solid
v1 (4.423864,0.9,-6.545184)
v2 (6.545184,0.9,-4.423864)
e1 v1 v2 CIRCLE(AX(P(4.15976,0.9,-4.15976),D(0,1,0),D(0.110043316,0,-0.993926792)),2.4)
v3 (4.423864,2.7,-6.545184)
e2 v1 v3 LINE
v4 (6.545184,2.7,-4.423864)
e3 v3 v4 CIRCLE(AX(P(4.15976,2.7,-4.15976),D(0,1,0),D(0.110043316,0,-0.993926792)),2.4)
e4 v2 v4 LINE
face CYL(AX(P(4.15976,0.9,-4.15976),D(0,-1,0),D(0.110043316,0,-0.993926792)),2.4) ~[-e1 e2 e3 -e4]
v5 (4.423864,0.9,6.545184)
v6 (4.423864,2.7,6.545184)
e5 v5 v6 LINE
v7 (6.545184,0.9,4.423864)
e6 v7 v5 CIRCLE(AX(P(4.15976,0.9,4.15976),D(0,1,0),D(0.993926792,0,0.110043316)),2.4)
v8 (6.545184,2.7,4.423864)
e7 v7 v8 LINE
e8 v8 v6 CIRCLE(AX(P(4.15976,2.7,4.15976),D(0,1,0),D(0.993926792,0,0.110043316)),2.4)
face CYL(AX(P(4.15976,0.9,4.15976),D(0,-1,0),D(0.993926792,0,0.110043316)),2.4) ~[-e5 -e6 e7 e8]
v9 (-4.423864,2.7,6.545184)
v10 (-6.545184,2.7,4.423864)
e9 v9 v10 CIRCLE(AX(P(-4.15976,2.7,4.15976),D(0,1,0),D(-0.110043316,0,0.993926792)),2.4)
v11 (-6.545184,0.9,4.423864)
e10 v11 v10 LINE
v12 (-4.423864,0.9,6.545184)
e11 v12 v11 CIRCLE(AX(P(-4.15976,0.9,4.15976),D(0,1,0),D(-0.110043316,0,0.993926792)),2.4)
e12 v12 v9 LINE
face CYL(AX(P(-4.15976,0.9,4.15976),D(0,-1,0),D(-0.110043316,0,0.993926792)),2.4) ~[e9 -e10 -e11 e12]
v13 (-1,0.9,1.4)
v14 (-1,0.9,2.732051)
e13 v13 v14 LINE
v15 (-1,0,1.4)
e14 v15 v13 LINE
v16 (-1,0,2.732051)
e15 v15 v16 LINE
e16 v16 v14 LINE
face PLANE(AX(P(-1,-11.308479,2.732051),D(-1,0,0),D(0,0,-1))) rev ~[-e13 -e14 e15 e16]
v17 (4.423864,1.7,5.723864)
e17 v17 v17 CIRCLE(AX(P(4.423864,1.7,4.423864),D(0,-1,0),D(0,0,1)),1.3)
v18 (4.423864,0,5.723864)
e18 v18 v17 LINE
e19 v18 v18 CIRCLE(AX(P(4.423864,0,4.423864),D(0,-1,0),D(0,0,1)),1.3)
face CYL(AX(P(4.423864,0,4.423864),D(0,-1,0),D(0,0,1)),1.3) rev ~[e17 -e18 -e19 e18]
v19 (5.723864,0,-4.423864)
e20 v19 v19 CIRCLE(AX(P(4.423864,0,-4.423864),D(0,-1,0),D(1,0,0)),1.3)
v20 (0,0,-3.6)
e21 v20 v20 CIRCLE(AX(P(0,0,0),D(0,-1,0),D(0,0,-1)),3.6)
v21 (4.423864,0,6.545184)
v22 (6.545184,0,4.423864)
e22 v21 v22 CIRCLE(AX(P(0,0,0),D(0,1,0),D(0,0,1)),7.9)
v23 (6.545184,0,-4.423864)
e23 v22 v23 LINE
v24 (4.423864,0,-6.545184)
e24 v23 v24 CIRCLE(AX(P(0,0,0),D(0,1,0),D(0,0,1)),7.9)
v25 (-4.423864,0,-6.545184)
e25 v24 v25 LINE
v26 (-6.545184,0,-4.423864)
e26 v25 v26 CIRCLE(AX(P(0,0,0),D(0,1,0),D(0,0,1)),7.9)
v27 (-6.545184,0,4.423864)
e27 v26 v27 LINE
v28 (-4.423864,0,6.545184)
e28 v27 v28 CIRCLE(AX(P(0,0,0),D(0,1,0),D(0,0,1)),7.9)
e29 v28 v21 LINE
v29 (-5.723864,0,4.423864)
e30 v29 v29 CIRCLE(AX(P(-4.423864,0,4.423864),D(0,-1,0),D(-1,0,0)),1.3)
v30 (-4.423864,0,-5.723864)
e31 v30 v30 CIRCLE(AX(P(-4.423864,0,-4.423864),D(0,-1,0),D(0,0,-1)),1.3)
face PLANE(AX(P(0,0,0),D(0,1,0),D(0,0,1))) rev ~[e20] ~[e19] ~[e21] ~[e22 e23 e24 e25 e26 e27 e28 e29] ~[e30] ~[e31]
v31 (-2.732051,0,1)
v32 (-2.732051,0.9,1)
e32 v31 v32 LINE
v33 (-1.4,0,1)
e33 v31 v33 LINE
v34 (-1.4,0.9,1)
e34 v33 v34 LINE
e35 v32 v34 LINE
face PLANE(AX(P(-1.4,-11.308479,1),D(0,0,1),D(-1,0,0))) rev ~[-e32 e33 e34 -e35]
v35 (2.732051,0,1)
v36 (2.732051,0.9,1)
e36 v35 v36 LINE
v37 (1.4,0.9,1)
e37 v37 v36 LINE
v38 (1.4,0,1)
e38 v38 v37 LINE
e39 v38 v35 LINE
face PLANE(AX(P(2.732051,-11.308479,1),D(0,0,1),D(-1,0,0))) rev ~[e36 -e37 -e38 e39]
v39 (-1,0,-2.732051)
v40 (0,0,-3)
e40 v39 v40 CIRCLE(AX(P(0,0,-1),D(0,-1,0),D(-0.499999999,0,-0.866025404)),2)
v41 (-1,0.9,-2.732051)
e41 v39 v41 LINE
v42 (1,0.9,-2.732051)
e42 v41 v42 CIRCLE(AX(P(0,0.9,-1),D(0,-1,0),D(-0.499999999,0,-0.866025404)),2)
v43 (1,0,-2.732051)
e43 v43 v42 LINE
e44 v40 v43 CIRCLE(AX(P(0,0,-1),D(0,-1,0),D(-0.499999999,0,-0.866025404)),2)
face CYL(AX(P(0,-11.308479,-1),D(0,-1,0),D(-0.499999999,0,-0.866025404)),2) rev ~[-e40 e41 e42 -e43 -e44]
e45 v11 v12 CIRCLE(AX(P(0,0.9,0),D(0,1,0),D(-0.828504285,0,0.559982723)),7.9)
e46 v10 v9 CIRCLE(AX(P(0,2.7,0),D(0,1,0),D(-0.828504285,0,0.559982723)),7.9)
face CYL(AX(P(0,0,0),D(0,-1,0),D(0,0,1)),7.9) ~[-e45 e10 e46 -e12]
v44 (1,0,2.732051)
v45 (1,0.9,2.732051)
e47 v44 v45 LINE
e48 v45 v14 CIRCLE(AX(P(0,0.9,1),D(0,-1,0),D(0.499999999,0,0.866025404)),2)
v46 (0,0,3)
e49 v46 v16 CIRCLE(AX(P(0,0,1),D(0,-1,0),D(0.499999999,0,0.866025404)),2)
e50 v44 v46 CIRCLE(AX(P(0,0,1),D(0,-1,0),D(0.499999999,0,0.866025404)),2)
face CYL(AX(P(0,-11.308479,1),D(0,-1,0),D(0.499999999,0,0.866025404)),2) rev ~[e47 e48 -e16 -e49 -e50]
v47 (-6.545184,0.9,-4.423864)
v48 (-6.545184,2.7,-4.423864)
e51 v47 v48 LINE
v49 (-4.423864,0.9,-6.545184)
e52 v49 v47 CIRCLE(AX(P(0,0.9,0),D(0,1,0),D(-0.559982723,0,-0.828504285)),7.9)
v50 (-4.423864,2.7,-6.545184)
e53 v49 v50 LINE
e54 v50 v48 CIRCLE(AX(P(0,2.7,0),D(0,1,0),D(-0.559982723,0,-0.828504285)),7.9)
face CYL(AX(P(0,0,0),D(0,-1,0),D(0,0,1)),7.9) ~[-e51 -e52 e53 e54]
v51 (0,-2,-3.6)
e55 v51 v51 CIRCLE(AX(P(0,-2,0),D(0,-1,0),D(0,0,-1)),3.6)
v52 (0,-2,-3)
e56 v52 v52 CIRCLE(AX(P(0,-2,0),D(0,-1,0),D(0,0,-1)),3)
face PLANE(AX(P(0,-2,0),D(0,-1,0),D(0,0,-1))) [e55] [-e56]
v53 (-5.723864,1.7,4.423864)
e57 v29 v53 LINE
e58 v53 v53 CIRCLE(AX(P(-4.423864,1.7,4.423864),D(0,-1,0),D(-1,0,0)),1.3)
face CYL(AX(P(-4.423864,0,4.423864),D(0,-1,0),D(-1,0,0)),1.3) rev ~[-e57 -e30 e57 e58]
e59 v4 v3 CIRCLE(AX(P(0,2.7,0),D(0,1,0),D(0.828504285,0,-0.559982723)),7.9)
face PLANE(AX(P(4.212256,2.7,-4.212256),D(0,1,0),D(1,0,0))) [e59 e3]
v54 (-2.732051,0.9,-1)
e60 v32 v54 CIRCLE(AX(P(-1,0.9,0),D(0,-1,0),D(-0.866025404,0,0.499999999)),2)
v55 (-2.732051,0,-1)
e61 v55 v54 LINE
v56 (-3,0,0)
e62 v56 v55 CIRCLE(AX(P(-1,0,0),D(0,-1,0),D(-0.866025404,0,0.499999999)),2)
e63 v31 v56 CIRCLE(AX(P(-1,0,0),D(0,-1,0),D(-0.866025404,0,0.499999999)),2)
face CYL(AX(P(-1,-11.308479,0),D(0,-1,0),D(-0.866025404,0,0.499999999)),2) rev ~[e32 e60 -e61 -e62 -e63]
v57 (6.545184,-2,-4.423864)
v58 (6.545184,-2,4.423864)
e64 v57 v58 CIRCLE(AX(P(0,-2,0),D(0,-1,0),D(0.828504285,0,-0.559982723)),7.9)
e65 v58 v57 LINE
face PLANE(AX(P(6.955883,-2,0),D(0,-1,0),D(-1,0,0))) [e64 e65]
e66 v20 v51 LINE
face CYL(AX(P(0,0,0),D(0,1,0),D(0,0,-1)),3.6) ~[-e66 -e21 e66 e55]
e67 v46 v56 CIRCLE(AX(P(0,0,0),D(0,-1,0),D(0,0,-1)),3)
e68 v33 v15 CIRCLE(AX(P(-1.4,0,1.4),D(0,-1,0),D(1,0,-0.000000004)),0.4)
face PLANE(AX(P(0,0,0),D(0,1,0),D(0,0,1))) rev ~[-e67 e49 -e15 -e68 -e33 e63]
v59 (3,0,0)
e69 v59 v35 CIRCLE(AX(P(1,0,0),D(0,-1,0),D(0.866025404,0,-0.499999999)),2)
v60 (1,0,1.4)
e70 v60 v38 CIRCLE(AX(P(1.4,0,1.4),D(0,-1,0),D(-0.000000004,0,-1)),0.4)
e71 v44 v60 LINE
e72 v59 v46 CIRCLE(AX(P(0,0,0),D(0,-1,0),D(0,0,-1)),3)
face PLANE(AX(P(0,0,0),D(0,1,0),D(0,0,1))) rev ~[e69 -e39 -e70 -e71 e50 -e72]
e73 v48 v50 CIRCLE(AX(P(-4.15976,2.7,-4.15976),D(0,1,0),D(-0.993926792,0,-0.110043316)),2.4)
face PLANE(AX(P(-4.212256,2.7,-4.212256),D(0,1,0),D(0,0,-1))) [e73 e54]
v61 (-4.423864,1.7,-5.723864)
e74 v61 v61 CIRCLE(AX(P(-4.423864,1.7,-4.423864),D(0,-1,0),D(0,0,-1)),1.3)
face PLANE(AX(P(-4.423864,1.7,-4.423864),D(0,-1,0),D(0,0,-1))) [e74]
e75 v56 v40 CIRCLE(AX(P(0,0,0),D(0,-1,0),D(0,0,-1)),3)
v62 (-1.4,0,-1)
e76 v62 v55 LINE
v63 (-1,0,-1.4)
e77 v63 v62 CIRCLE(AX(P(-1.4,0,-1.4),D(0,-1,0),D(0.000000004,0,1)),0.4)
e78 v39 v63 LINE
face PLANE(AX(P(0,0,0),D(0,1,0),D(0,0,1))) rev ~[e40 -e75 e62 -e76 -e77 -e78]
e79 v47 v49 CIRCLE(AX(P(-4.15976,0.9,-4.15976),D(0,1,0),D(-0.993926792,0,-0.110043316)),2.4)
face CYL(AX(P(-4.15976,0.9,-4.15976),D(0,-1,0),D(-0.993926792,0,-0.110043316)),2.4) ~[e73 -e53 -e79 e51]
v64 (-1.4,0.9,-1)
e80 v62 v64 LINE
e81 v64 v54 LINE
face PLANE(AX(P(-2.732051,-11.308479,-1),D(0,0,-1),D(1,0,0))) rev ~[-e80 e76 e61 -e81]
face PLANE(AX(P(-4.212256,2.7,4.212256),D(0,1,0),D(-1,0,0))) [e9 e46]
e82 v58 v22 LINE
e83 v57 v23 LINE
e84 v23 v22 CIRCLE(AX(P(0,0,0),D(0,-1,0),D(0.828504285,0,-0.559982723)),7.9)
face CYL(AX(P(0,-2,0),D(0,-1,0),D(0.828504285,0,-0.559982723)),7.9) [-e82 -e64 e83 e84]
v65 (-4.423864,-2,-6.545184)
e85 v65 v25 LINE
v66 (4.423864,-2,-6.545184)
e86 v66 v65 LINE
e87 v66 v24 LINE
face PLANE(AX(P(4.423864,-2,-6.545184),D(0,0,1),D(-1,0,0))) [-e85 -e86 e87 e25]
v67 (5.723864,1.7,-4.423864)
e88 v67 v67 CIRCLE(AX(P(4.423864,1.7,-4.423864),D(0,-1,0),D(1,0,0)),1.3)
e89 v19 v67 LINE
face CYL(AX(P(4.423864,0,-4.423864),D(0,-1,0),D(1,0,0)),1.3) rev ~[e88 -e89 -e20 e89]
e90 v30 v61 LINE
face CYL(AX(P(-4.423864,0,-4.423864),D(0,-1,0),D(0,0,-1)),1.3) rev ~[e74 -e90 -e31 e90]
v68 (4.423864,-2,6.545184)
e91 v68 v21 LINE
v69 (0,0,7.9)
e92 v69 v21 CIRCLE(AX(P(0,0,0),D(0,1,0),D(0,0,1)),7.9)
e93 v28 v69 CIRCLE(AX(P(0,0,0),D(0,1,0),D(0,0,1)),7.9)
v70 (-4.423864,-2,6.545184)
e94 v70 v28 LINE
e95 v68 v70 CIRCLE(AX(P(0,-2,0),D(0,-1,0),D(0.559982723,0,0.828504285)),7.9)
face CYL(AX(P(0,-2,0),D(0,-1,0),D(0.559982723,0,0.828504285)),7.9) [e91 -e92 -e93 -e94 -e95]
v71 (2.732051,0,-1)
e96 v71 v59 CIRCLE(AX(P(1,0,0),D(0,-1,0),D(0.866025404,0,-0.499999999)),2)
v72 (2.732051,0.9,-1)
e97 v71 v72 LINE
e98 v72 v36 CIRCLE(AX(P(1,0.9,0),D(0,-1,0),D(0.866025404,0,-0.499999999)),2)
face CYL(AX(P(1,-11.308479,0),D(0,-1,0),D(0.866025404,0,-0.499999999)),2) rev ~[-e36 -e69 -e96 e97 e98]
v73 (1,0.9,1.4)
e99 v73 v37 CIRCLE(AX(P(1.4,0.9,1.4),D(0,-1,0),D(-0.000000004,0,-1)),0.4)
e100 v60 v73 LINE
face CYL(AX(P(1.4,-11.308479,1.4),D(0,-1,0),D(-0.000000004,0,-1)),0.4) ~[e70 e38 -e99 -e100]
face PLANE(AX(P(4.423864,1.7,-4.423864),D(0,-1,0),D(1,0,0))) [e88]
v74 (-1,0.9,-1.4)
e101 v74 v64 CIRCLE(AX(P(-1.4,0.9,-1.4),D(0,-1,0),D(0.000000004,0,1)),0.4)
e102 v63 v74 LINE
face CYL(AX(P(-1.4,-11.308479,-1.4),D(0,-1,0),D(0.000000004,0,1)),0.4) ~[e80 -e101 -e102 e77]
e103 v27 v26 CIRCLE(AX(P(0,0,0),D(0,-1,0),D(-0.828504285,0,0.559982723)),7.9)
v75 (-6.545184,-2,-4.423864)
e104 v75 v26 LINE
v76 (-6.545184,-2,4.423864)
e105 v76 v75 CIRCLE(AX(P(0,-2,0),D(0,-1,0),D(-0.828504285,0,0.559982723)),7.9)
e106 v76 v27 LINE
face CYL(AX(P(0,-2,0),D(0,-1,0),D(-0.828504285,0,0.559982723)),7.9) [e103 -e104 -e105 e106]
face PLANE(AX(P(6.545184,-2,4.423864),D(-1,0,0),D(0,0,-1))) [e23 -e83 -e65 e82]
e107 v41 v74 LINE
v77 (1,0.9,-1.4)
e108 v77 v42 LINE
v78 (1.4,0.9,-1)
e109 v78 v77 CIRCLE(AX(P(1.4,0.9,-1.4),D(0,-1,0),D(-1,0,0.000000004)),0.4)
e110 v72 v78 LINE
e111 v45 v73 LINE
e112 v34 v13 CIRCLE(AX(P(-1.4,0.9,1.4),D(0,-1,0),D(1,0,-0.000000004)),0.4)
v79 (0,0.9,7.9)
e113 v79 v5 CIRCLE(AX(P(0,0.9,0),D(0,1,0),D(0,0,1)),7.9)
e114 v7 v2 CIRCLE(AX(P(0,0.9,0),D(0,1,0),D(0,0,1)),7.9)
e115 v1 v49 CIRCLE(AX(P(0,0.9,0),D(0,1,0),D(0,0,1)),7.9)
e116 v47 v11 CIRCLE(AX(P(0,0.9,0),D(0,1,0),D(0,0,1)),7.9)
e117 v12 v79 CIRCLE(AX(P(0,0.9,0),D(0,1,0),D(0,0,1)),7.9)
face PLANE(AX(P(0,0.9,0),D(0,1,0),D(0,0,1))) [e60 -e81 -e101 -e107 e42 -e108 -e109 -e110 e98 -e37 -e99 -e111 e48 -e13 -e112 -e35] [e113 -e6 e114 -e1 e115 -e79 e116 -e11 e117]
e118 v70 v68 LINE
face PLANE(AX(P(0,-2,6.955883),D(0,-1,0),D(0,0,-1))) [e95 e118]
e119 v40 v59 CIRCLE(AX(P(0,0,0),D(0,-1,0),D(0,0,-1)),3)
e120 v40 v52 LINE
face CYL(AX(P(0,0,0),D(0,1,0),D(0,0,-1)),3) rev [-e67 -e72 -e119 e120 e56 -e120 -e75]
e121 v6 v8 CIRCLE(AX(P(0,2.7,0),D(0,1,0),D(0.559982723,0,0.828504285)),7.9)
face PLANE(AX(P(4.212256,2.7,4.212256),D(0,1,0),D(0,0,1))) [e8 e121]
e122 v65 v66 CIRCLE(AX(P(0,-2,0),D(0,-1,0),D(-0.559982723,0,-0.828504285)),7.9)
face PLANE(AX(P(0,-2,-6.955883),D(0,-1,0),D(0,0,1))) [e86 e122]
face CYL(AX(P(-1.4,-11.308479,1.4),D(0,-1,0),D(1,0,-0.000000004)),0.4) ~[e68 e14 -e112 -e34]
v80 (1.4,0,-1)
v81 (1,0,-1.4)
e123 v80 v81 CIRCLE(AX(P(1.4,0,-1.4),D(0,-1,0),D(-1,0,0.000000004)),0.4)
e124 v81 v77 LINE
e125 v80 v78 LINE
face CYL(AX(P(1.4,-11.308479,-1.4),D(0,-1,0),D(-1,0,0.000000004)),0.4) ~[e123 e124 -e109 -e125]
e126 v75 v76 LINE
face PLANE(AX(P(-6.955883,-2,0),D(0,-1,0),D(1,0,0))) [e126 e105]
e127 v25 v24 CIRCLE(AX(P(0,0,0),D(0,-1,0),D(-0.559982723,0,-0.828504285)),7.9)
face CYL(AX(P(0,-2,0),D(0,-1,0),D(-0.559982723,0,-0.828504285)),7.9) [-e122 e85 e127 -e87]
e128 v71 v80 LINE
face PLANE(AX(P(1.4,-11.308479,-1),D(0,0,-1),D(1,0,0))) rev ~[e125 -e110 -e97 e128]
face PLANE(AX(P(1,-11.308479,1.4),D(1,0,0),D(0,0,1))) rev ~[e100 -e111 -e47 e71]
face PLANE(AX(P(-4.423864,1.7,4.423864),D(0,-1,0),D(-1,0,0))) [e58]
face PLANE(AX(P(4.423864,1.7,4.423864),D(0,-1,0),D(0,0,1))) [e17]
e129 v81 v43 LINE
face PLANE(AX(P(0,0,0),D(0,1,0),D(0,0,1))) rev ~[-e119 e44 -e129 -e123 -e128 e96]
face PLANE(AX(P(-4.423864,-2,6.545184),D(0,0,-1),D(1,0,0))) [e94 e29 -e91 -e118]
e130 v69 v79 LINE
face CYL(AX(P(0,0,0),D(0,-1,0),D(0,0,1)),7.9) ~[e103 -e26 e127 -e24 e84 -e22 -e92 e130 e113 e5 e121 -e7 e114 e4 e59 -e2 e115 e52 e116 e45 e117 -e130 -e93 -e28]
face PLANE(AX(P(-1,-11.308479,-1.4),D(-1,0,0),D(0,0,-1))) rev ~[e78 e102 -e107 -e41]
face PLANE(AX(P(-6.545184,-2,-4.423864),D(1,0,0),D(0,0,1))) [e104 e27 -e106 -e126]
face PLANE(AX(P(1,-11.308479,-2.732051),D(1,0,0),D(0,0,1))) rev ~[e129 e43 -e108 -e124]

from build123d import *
from build123d.topology import SkipClean

# Parameters (mm, degrees)
SKETCH1_R               = 7.9
BOSS_EXTRUDE1_DEPTH     = 0.9
CUT_EXTRUDE1_DEPTH      = 12.208478933
CUT_EXTRUDE1_DEPTH_BACK = 12.208478933
BOSS_EXTRUDE2_DEPTH     = 1.8
CIRPATTERN1_COUNT       = 4
SKETCH4_R               = 3.6
SKETCH4_R_2             = 3
BOSS_EXTRUDE5_DEPTH     = 2
BOSS_EXTRUDE6_START     = 2
BOSS_EXTRUDE6_DEPTH     = 2
CIRPATTERN2_COUNT       = 4
SKETCH7_R               = 1.3
CUT_EXTRUDE2_DEPTH      = 1.7
CIRPATTERN3_COUNT       = 4


with BuildPart() as part:
    # Sketch1 → Boss-Extrude1 (new body)
    with BuildSketch(Plane(origin=(0, 0, 0), x_dir=(1, 0, 0), z_dir=(0, 1, 0))):
        Circle(SKETCH1_R)
    extrude(amount=BOSS_EXTRUDE1_DEPTH)

    # Sketch2 → Cut-Extrude1 (cut, two sides: drawn at the far end of the back side and taken through both)
    with BuildSketch(Plane(origin=(0, 0.9, 0), x_dir=(1, 0, 0), z_dir=(0, 1, 0)).offset(-CUT_EXTRUDE1_DEPTH_BACK)):
        with BuildLine():
            Line((-1.4, -1), (-2.732050808, -1))
            ThreePointArc((-2.732050808, -1), (-3, 0), (-2.732050808, 1))
            Line((-2.732050808, 1), (-1.4, 1))
            ThreePointArc((-1.4, 1), (-1.117157288, 1.117157288), (-1, 1.4))
            Line((-1, 1.4), (-1, 2.732050808))
            ThreePointArc((-1, 2.732050808), (0, 3), (1, 2.732050808))
            Line((1, 2.732050808), (1, 1.4))
            ThreePointArc((1, 1.4), (1.117157288, 1.117157288), (1.4, 1))
            Line((1.4, 1), (2.732050808, 1))
            ThreePointArc((2.732050808, 1), (3, 0), (2.732050808, -1))
            Line((2.732050808, -1), (1.4, -1))
            ThreePointArc((1.4, -1), (1.117157288, -1.117157288), (1, -1.4))
            Line((1, -1.4), (1, -2.732050808))
            ThreePointArc((1, -2.732050808), (0, -3), (-1, -2.732050808))
            Line((-1, -2.732050808), (-1, -1.4))
            ThreePointArc((-1, -1.4), (-1.117157288, -1.117157288), (-1.4, -1))
        make_face()
    extrude(amount=CUT_EXTRUDE1_DEPTH + CUT_EXTRUDE1_DEPTH_BACK, mode=Mode.SUBTRACT)

    # Sketch3 → Boss-Extrude2 (add)
    with BuildSketch(Plane(origin=(0, 0.9, 0), x_dir=(1, 0, 0), z_dir=(0, 1, 0))):
        with BuildLine():
            ThreePointArc((4.423863509, 6.545183852), (2.462703276, 2.462703276), (6.545183852, 4.423863509))
            ThreePointArc((6.545183852, 4.423863509), (5.586143571, 5.586143571), (4.423863509, 6.545183852))
        make_face()
    boss_extrude2 = extrude(amount=BOSS_EXTRUDE2_DEPTH)

    # CirPattern1: Boss-Extrude2 ×4 about axis
    cirpattern1_axis = Axis((0, 0.9, 0), (0, 1, 0))
    for i in range(1, CIRPATTERN1_COUNT):
        add(boss_extrude2.rotate(cirpattern1_axis, i * 360 / CIRPATTERN1_COUNT))

    # Sketch4 → Boss-Extrude5 (add)
    with BuildSketch(Plane.XZ):
        Circle(SKETCH4_R)
        Circle(SKETCH4_R_2, mode=Mode.SUBTRACT)
    extrude(amount=BOSS_EXTRUDE5_DEPTH)

    # Sketch6 → Boss-Extrude6 (add)
    with SkipClean():  # the faces are left unmerged after this step: merging them gives an invalid solid
        with BuildSketch(Plane.XZ.offset(BOSS_EXTRUDE6_START)):
            with BuildLine():
                Line((-6.545183852, -4.423863509), (-6.545183852, 4.423863509))
                ThreePointArc((-6.545183852, 4.423863509), (-7.9, 0), (-6.545183852, -4.423863509))
            make_face()
        boss_extrude6 = extrude(amount=-BOSS_EXTRUDE6_DEPTH)

    # CirPattern2: Boss-Extrude6 ×4 about axis
    with SkipClean():  # the faces are left unmerged after this step: merging them gives an invalid solid
        cirpattern2_axis = Axis((0, 0, 0), (0, 1, 0))
        for i in range(1, CIRPATTERN2_COUNT):
            add(boss_extrude6.rotate(cirpattern2_axis, i * 360 / CIRPATTERN2_COUNT))

    # Sketch7 → Cut-Extrude2 (cut)
    with SkipClean():  # the faces are left unmerged after this step: merging them gives an invalid solid
        with BuildSketch(Plane.XZ):
            with Locations((-4.423863509, -4.423863509)):
                Circle(SKETCH7_R)
        cut_extrude2 = extrude(amount=-CUT_EXTRUDE2_DEPTH, mode=Mode.SUBTRACT)

    # CirPattern3: Cut-Extrude2 ×4 about axis
    with SkipClean():  # the faces are left unmerged after this step: merging them gives an invalid solid
        cirpattern3_axis = Axis((0, 0, 0), (0, 1, 0))
        for i in range(1, CIRPATTERN3_COUNT):
            add(cut_extrude2.rotate(cirpattern3_axis, i * 360 / CIRPATTERN3_COUNT), mode=Mode.SUBTRACT)


solid = part.part
